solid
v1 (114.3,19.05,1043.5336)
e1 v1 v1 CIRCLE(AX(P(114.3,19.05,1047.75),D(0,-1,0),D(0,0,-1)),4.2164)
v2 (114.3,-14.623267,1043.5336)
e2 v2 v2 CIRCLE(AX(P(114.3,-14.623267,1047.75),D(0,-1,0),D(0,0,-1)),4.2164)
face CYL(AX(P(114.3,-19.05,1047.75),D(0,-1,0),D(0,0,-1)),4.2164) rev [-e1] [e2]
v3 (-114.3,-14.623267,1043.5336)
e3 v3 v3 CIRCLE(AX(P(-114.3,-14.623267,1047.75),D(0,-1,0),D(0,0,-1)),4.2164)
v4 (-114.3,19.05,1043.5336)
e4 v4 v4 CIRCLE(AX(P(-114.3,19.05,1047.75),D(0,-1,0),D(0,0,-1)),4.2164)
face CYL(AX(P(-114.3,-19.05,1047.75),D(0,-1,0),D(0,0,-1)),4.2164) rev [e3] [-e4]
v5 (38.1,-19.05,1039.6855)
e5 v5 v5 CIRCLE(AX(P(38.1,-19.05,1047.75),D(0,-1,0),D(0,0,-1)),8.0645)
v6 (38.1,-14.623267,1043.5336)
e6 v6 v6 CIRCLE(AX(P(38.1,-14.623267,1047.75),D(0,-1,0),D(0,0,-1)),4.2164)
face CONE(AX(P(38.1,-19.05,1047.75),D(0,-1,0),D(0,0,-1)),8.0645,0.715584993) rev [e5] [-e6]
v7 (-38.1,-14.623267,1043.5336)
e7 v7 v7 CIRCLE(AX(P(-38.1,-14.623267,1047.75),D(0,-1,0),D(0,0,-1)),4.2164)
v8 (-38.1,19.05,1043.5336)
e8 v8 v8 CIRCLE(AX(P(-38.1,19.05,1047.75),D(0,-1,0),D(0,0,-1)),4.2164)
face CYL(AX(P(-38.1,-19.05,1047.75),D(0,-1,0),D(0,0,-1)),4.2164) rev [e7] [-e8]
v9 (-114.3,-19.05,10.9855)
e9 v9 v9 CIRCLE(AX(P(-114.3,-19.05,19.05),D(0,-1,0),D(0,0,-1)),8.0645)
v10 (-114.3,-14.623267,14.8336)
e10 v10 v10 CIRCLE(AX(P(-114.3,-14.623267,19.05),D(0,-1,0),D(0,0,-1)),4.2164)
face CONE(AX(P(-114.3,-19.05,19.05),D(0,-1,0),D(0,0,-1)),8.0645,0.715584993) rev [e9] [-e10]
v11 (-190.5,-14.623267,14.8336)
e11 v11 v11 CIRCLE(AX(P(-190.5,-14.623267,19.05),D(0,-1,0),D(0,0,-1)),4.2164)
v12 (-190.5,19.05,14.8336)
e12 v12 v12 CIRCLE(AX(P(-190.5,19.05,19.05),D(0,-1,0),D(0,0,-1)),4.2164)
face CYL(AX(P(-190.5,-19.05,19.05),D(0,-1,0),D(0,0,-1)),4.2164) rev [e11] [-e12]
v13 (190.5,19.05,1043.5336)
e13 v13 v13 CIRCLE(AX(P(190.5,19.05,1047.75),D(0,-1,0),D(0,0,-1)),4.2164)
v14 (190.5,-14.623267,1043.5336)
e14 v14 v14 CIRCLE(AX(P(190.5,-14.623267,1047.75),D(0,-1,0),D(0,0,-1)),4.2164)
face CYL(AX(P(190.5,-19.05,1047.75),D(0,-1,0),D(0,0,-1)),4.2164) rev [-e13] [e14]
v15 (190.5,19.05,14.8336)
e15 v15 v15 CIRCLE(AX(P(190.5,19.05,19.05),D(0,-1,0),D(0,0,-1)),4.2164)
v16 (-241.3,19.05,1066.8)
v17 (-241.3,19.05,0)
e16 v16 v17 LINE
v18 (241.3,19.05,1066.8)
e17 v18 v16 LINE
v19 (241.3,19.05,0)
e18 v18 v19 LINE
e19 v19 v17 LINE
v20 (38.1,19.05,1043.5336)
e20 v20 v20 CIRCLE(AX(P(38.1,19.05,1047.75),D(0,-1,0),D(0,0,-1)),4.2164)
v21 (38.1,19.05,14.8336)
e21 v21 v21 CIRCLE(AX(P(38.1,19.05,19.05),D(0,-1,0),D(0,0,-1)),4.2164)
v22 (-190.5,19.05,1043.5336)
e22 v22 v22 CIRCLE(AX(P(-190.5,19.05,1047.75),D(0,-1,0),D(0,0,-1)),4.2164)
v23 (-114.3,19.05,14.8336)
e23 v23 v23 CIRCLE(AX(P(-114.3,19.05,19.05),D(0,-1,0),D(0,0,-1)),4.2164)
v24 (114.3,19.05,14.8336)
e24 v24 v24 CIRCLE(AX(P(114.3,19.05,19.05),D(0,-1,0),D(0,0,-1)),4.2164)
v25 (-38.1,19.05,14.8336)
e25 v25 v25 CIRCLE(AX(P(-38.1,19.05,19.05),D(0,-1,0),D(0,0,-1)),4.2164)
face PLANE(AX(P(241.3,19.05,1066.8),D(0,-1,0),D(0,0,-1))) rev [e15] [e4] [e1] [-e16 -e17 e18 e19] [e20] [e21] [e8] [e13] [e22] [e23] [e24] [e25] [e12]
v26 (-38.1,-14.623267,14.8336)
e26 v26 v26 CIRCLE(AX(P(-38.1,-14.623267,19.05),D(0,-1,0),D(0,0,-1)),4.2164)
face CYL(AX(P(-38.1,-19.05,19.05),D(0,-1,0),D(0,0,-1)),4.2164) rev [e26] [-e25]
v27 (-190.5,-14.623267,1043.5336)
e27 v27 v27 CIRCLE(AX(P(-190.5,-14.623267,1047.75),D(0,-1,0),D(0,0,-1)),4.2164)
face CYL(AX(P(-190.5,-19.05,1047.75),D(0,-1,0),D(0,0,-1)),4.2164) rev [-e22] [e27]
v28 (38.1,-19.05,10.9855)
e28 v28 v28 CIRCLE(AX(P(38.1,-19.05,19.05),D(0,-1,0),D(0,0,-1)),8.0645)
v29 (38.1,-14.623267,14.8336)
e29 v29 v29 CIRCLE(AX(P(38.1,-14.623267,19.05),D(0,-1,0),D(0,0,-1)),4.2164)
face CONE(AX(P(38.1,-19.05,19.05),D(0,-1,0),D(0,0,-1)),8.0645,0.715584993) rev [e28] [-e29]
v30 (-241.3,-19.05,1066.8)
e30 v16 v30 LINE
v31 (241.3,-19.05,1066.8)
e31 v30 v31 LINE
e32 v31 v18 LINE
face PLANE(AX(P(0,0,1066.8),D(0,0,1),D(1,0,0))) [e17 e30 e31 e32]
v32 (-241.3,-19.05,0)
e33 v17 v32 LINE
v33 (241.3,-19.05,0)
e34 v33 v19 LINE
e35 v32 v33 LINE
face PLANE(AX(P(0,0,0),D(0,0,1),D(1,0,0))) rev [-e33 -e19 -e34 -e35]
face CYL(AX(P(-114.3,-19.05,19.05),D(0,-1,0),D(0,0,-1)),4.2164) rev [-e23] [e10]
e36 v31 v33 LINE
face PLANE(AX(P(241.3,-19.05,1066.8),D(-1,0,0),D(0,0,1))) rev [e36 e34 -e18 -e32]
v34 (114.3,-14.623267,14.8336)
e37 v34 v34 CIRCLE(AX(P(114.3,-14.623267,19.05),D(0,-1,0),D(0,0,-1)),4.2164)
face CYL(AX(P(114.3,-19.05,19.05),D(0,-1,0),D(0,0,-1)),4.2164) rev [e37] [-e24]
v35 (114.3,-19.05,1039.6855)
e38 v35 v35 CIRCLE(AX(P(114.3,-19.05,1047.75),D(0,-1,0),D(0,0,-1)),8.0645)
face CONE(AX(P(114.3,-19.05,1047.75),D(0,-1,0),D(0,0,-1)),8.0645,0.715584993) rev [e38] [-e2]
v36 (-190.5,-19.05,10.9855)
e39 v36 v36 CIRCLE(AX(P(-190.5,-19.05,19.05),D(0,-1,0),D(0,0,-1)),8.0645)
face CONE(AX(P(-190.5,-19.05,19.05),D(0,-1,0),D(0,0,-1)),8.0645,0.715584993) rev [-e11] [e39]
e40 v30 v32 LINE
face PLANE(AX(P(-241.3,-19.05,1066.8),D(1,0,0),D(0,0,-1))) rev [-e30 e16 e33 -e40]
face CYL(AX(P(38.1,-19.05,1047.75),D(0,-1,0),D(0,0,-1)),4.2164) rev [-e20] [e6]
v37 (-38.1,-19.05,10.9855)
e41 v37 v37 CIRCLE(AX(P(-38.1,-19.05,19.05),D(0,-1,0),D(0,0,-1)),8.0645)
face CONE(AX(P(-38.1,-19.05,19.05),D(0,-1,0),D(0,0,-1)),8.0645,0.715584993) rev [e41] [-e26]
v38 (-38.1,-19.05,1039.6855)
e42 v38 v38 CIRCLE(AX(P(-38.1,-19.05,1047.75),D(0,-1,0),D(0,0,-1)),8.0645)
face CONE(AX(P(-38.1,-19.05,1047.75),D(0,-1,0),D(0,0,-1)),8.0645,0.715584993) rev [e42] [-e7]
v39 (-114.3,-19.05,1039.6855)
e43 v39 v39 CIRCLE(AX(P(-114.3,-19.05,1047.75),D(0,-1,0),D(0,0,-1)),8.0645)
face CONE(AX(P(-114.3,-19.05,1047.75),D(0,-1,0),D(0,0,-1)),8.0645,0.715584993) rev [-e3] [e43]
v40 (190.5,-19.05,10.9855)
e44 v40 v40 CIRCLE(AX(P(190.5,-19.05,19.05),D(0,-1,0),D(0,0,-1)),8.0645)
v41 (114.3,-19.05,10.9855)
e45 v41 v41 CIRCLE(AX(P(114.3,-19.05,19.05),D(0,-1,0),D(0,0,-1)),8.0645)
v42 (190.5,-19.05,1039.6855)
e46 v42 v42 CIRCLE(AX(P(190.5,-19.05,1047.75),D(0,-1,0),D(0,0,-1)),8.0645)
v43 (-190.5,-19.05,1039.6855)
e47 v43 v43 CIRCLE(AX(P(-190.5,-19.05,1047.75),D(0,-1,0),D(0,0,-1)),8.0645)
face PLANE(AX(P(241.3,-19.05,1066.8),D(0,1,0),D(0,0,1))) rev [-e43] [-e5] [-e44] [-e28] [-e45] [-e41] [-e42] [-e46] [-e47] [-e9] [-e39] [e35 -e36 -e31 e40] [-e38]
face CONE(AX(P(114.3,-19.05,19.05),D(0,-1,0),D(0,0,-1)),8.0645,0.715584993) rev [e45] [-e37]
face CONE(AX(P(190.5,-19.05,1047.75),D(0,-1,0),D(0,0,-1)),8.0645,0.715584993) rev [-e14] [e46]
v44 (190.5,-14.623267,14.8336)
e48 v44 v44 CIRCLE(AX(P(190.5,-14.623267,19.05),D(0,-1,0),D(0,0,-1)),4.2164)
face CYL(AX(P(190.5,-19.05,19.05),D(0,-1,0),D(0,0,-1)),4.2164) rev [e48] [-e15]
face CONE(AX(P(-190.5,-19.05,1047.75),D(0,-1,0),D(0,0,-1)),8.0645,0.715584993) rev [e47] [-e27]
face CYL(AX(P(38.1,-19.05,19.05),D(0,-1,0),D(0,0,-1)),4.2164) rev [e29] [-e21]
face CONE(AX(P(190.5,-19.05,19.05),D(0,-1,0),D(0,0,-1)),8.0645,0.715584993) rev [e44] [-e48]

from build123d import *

# Parameters (mm, degrees)
SKETCH2_W                                         = 482.6
SKETCH2_H                                         = 38.1
BOSS_EXTRUDE1_DEPTH                               = 1066.8
CSK_FOR_5_16_FLAT_HEAD_MACHINE_SCREW1_D           = 8.4328
CSK_FOR_5_16_FLAT_HEAD_MACHINE_SCREW1_CSINK_D     = 16.129
CSK_FOR_5_16_FLAT_HEAD_MACHINE_SCREW1_CSINK_ANGLE = 82


with BuildPart() as part:
    # Sketch2 → Boss-Extrude1 (new body)
    with BuildSketch(Plane.XY):
        Rectangle(SKETCH2_W, SKETCH2_H)
    extrude(amount=BOSS_EXTRUDE1_DEPTH)

    # CSK for 5/16 Flat Head Machine Screw1 (through all)
    with Locations(Plane(origin=(0, -19.05, 0), x_dir=(-1, 0, 0), z_dir=(0, -1, 0))):
        with Locations((190.5, -1047.75), (114.3, -1047.75), (38.1, -1047.75), (-38.1, -1047.75), (-114.3, -1047.75), (-190.5, -1047.75), (114.3, -19.05), (38.1, -19.05), (-38.1, -19.05), (-114.3, -19.05), (-190.5, -19.05), (190.5, -19.05)):
            CounterSinkHole(CSK_FOR_5_16_FLAT_HEAD_MACHINE_SCREW1_D / 2, CSK_FOR_5_16_FLAT_HEAD_MACHINE_SCREW1_CSINK_D / 2, counter_sink_angle=CSK_FOR_5_16_FLAT_HEAD_MACHINE_SCREW1_CSINK_ANGLE)


solid = part.part
